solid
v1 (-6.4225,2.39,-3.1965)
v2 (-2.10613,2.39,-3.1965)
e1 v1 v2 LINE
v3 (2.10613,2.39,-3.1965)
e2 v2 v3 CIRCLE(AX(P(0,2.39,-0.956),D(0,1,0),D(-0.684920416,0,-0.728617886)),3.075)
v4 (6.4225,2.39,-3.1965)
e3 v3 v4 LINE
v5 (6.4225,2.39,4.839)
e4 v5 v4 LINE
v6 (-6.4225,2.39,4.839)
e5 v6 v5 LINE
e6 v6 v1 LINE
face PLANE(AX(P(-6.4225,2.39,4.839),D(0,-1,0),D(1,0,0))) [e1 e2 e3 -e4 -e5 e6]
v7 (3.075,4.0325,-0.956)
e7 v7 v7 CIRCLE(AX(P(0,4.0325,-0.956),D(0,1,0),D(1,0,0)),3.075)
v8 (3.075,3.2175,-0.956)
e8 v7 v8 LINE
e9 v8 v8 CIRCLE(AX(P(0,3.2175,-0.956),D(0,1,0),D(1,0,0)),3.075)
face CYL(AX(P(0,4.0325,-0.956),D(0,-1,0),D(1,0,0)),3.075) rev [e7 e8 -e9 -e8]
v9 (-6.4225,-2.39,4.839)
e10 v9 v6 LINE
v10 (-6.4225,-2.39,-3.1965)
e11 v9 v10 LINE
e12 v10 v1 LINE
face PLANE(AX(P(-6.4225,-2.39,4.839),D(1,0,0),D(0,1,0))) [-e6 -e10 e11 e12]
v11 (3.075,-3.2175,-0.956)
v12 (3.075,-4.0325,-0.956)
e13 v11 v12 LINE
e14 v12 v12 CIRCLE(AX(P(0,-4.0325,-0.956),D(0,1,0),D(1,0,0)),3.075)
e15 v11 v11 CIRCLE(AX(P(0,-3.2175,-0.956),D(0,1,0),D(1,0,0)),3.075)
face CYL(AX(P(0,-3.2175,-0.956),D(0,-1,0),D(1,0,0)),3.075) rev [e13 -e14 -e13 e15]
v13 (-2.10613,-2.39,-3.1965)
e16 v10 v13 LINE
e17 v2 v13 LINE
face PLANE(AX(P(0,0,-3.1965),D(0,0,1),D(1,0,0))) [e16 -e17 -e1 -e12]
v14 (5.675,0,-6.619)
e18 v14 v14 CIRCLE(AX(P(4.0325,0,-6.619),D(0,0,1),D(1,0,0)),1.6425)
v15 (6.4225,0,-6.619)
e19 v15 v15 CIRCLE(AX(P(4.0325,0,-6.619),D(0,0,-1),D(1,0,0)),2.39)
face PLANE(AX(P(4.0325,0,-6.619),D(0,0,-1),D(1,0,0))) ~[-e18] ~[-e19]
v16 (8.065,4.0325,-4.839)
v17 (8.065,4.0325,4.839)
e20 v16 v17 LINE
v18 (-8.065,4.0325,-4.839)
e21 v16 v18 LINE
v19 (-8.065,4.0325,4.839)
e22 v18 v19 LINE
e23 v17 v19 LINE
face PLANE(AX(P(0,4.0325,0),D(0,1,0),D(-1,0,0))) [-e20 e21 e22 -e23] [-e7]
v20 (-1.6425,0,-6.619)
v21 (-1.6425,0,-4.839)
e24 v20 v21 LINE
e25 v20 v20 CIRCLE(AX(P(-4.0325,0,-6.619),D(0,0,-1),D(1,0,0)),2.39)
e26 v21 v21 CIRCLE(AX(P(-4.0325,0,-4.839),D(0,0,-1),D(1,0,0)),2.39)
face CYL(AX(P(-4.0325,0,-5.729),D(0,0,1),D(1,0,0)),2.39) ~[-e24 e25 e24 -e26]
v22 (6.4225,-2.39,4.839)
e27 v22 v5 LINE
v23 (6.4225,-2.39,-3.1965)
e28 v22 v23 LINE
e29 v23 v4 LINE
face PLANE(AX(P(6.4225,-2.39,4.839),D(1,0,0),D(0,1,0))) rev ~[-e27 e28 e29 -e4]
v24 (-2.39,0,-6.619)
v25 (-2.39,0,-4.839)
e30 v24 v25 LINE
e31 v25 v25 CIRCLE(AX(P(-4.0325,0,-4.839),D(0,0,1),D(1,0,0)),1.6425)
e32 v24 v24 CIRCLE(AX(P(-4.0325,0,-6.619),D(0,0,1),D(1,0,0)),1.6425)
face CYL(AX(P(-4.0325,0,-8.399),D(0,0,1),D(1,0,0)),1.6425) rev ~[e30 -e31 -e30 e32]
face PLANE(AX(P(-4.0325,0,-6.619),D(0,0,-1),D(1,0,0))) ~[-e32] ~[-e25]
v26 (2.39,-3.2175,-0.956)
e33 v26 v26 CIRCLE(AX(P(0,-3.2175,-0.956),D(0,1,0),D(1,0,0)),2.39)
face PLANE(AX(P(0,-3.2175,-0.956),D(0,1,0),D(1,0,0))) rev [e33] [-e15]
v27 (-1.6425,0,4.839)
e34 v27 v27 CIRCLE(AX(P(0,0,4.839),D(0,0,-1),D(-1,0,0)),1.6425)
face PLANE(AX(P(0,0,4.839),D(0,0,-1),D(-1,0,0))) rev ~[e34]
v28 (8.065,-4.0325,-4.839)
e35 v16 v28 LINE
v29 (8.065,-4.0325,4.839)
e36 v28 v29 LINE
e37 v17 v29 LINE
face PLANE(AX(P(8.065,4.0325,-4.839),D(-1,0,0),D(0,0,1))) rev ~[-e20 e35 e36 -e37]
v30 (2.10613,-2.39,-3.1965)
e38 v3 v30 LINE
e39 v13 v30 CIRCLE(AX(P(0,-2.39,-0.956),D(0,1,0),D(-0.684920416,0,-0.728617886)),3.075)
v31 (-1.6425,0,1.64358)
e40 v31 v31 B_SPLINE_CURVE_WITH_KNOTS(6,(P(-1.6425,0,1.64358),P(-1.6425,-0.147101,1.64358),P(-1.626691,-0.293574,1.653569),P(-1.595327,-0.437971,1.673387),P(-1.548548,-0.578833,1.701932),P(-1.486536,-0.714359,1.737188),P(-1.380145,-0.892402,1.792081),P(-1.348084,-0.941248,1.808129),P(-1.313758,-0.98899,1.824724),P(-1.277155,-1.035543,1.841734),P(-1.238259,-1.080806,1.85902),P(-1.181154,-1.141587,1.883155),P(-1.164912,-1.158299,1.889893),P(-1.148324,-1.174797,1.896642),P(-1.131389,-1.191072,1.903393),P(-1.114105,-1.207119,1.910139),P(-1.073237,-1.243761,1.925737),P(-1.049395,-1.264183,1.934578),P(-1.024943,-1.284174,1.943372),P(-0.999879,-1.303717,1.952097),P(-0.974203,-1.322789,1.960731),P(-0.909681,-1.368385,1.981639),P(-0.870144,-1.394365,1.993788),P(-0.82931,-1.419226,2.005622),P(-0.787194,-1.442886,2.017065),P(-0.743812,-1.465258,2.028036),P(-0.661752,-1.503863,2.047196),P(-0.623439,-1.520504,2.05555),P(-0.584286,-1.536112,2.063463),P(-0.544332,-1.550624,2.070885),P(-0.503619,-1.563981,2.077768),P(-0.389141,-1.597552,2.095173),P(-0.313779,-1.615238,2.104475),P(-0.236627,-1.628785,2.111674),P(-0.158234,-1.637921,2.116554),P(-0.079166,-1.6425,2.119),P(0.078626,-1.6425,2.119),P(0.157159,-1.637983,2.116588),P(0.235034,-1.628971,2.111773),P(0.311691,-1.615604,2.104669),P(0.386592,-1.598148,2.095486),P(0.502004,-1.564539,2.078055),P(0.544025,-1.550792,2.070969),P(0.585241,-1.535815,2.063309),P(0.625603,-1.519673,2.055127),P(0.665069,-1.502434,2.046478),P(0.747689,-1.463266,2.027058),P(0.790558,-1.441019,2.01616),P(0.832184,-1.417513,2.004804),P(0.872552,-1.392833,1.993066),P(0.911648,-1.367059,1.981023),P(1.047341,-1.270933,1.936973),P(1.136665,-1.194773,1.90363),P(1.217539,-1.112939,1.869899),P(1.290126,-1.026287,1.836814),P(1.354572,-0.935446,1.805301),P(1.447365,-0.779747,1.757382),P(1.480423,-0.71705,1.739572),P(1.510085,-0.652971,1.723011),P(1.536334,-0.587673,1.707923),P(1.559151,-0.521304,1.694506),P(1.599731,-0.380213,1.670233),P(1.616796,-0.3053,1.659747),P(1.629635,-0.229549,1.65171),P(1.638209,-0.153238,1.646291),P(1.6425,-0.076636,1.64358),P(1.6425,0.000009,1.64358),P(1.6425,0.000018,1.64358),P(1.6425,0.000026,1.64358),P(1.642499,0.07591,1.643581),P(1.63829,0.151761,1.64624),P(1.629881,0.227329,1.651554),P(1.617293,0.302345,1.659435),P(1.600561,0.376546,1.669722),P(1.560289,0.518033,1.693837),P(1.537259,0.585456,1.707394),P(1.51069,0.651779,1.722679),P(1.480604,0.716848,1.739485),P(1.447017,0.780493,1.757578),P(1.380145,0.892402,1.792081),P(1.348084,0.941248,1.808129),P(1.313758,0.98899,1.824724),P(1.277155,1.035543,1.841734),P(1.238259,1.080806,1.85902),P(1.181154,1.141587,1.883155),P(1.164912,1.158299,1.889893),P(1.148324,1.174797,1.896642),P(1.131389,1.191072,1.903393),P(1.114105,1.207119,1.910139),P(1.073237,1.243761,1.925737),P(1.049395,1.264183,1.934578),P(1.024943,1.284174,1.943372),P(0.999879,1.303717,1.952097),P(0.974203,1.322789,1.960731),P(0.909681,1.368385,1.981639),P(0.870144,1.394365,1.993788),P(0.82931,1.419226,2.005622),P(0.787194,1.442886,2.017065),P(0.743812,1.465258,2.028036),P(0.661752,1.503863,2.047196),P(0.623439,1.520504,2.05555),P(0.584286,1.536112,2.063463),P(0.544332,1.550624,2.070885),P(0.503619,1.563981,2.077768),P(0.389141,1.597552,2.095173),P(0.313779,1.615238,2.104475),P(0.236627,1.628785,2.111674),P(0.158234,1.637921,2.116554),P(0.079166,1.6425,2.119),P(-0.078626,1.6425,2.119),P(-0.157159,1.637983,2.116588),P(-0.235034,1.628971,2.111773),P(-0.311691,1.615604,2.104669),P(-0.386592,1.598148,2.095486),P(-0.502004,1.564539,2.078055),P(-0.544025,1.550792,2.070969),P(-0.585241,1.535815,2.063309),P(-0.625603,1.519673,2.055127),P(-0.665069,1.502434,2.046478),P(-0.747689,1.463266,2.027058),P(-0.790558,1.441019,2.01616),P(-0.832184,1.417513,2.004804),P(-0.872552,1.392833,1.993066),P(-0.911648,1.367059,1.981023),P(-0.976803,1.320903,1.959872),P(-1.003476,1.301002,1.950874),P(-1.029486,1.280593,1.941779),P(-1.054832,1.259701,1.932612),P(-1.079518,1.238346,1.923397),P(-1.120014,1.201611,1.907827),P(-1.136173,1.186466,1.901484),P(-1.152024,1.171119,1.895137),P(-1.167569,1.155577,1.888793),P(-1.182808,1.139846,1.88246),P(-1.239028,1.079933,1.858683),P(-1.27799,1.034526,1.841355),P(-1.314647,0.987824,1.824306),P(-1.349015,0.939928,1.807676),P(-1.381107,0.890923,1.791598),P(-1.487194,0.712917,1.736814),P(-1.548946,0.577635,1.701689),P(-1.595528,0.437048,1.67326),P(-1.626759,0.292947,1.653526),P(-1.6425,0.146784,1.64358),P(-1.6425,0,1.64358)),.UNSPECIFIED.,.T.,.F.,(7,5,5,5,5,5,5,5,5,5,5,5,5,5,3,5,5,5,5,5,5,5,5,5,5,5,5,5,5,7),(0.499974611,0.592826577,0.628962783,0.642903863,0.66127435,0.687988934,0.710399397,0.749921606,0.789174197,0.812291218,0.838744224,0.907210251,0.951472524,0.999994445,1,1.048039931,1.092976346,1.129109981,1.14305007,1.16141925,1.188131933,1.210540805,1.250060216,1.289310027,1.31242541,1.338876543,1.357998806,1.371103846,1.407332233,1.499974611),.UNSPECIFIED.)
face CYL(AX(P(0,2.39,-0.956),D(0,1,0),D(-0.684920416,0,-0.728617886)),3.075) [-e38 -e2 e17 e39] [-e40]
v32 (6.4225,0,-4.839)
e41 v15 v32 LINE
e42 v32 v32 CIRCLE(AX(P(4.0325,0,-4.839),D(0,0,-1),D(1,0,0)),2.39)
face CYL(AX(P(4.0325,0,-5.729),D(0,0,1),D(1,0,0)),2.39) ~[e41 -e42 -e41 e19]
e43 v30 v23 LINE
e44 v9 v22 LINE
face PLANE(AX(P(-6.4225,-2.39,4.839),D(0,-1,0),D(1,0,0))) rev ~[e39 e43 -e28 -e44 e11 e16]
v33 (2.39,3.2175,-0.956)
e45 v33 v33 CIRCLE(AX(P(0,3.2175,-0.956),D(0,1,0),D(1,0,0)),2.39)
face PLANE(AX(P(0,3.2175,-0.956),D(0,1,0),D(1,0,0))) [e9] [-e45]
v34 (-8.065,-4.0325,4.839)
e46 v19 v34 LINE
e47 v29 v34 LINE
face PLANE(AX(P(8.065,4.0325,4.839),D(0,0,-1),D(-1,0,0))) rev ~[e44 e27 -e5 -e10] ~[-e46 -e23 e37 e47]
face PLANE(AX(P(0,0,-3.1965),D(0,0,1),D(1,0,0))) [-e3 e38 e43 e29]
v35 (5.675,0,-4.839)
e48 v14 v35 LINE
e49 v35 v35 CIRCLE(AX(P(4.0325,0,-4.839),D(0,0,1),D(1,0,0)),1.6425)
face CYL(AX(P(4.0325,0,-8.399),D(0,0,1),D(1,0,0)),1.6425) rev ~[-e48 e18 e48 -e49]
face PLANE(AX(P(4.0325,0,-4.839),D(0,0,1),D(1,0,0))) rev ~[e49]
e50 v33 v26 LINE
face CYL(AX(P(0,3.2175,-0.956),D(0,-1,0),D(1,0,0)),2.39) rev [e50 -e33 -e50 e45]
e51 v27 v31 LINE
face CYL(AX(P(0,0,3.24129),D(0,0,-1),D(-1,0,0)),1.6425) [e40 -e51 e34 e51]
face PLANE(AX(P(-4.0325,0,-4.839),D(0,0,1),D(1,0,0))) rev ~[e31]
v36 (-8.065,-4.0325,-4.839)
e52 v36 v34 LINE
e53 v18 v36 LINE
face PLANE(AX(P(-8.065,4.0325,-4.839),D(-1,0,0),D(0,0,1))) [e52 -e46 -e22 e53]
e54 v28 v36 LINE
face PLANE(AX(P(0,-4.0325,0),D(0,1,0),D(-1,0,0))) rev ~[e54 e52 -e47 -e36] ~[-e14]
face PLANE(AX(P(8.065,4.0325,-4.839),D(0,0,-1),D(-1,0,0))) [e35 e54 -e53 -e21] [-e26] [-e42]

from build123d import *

# Parameters (mm, degrees)
SKETCH1_W                = 16.13
SKETCH1_H                = 9.678
BOSS_EXTRUDE1_DEPTH      = 8.065
SKETCH2_W                = 12.845
SKETCH2_H                = 4.78
CUT_EXTRUDE1_DEPTH       = 8.0355
BOSS_EXTRUDE2_DEPTH      = 4.78
SKETCH4_W                = 2.39
SKETCH4_H                = 1.78
SKETCH5_W                = 2.39
SKETCH5_H                = 1.78
SKETCH7_W                = 1.6425
SKETCH7_H                = 3.195419505
M3_CLEARANCE_HOLE1_D     = 3.285
M3_CLEARANCE_HOLE1_DEPTH = 1.78


with BuildPart() as part:
    # Sketch1 → Boss-Extrude1 (new body)
    with BuildSketch(Plane(origin=(0, 4.0325, 0), x_dir=(-1, 0, 0), z_dir=(0, 1, 0))):
        Rectangle(SKETCH1_W, SKETCH1_H)
    extrude(amount=-BOSS_EXTRUDE1_DEPTH)

    # Sketch2 → Cut-Extrude1 (cut)
    with BuildSketch(Plane.XY.offset(4.839)):
        Rectangle(SKETCH2_W, SKETCH2_H)
    extrude(amount=-CUT_EXTRUDE1_DEPTH, mode=Mode.SUBTRACT)

    # Sketch3 → Boss-Extrude2 (add)
    with BuildSketch(Plane.XZ.offset(-2.39)):
        with BuildLine():
            Line((2.106130278, -3.1965), (-2.106130278, -3.1965))
            ThreePointArc((-2.106130278, -3.1965), (0, 2.119), (2.106130278, -3.1965))
        make_face()
    extrude(amount=BOSS_EXTRUDE2_DEPTH)

    # Sketch4 → Revolve1 (revolve)
    with BuildSketch(Plane.XZ):
        with Locations((5.2275, -5.729)):
            Rectangle(SKETCH4_W, SKETCH4_H)
    revolve(axis=Axis((4.0325, 0, -4.839), (0, 0, -1)))

    # Sketch5 → Revolve2 (revolve)
    with BuildSketch(Plane.XZ):
        with Locations((-2.8375, -5.729)):
            Rectangle(SKETCH5_W, SKETCH5_H)
    revolve(axis=Axis((-4.0325, 0, -4.839), (0, 0, -1)))

    # Sketch6 → Cut-Revolve1 (revolve, cut)
    with BuildSketch(Plane(origin=(0, 0, -0.956), x_dir=(-1, 0, 0), z_dir=(0, 0, -1))):
        Polygon((-3.075, -4.0325), (0, -4.0325), (0, 4.0325), (-3.075, 4.0325), (-3.075, 3.2175), (-2.39, 3.2175), (-2.39, -3.2175), (-3.075, -3.2175), align=None)
    revolve(axis=Axis((0, -4.0325, -0.956), (0, 1, 0)), mode=Mode.SUBTRACT)

    # Sketch7 → Revolve3 (revolve)
    with BuildSketch(Plane(origin=(0, 0, 0), x_dir=(1, 0, 0), z_dir=(0, 1, 0))):
        with Locations((-0.82125, -3.241290248)):
            Rectangle(SKETCH7_W, SKETCH7_H)
    revolve(axis=Axis((0, 0, 4.839), (0, 0, -1)))

    # M3 Clearance Hole1
    with Locations(Plane(origin=(0, 0, -6.619), x_dir=(-1, 0, 0), z_dir=(0, 0, -1))):
        with Locations((4.0325, 0), (-4.0325, 0)):
            Hole(M3_CLEARANCE_HOLE1_D / 2, depth=M3_CLEARANCE_HOLE1_DEPTH)


solid = part.part
